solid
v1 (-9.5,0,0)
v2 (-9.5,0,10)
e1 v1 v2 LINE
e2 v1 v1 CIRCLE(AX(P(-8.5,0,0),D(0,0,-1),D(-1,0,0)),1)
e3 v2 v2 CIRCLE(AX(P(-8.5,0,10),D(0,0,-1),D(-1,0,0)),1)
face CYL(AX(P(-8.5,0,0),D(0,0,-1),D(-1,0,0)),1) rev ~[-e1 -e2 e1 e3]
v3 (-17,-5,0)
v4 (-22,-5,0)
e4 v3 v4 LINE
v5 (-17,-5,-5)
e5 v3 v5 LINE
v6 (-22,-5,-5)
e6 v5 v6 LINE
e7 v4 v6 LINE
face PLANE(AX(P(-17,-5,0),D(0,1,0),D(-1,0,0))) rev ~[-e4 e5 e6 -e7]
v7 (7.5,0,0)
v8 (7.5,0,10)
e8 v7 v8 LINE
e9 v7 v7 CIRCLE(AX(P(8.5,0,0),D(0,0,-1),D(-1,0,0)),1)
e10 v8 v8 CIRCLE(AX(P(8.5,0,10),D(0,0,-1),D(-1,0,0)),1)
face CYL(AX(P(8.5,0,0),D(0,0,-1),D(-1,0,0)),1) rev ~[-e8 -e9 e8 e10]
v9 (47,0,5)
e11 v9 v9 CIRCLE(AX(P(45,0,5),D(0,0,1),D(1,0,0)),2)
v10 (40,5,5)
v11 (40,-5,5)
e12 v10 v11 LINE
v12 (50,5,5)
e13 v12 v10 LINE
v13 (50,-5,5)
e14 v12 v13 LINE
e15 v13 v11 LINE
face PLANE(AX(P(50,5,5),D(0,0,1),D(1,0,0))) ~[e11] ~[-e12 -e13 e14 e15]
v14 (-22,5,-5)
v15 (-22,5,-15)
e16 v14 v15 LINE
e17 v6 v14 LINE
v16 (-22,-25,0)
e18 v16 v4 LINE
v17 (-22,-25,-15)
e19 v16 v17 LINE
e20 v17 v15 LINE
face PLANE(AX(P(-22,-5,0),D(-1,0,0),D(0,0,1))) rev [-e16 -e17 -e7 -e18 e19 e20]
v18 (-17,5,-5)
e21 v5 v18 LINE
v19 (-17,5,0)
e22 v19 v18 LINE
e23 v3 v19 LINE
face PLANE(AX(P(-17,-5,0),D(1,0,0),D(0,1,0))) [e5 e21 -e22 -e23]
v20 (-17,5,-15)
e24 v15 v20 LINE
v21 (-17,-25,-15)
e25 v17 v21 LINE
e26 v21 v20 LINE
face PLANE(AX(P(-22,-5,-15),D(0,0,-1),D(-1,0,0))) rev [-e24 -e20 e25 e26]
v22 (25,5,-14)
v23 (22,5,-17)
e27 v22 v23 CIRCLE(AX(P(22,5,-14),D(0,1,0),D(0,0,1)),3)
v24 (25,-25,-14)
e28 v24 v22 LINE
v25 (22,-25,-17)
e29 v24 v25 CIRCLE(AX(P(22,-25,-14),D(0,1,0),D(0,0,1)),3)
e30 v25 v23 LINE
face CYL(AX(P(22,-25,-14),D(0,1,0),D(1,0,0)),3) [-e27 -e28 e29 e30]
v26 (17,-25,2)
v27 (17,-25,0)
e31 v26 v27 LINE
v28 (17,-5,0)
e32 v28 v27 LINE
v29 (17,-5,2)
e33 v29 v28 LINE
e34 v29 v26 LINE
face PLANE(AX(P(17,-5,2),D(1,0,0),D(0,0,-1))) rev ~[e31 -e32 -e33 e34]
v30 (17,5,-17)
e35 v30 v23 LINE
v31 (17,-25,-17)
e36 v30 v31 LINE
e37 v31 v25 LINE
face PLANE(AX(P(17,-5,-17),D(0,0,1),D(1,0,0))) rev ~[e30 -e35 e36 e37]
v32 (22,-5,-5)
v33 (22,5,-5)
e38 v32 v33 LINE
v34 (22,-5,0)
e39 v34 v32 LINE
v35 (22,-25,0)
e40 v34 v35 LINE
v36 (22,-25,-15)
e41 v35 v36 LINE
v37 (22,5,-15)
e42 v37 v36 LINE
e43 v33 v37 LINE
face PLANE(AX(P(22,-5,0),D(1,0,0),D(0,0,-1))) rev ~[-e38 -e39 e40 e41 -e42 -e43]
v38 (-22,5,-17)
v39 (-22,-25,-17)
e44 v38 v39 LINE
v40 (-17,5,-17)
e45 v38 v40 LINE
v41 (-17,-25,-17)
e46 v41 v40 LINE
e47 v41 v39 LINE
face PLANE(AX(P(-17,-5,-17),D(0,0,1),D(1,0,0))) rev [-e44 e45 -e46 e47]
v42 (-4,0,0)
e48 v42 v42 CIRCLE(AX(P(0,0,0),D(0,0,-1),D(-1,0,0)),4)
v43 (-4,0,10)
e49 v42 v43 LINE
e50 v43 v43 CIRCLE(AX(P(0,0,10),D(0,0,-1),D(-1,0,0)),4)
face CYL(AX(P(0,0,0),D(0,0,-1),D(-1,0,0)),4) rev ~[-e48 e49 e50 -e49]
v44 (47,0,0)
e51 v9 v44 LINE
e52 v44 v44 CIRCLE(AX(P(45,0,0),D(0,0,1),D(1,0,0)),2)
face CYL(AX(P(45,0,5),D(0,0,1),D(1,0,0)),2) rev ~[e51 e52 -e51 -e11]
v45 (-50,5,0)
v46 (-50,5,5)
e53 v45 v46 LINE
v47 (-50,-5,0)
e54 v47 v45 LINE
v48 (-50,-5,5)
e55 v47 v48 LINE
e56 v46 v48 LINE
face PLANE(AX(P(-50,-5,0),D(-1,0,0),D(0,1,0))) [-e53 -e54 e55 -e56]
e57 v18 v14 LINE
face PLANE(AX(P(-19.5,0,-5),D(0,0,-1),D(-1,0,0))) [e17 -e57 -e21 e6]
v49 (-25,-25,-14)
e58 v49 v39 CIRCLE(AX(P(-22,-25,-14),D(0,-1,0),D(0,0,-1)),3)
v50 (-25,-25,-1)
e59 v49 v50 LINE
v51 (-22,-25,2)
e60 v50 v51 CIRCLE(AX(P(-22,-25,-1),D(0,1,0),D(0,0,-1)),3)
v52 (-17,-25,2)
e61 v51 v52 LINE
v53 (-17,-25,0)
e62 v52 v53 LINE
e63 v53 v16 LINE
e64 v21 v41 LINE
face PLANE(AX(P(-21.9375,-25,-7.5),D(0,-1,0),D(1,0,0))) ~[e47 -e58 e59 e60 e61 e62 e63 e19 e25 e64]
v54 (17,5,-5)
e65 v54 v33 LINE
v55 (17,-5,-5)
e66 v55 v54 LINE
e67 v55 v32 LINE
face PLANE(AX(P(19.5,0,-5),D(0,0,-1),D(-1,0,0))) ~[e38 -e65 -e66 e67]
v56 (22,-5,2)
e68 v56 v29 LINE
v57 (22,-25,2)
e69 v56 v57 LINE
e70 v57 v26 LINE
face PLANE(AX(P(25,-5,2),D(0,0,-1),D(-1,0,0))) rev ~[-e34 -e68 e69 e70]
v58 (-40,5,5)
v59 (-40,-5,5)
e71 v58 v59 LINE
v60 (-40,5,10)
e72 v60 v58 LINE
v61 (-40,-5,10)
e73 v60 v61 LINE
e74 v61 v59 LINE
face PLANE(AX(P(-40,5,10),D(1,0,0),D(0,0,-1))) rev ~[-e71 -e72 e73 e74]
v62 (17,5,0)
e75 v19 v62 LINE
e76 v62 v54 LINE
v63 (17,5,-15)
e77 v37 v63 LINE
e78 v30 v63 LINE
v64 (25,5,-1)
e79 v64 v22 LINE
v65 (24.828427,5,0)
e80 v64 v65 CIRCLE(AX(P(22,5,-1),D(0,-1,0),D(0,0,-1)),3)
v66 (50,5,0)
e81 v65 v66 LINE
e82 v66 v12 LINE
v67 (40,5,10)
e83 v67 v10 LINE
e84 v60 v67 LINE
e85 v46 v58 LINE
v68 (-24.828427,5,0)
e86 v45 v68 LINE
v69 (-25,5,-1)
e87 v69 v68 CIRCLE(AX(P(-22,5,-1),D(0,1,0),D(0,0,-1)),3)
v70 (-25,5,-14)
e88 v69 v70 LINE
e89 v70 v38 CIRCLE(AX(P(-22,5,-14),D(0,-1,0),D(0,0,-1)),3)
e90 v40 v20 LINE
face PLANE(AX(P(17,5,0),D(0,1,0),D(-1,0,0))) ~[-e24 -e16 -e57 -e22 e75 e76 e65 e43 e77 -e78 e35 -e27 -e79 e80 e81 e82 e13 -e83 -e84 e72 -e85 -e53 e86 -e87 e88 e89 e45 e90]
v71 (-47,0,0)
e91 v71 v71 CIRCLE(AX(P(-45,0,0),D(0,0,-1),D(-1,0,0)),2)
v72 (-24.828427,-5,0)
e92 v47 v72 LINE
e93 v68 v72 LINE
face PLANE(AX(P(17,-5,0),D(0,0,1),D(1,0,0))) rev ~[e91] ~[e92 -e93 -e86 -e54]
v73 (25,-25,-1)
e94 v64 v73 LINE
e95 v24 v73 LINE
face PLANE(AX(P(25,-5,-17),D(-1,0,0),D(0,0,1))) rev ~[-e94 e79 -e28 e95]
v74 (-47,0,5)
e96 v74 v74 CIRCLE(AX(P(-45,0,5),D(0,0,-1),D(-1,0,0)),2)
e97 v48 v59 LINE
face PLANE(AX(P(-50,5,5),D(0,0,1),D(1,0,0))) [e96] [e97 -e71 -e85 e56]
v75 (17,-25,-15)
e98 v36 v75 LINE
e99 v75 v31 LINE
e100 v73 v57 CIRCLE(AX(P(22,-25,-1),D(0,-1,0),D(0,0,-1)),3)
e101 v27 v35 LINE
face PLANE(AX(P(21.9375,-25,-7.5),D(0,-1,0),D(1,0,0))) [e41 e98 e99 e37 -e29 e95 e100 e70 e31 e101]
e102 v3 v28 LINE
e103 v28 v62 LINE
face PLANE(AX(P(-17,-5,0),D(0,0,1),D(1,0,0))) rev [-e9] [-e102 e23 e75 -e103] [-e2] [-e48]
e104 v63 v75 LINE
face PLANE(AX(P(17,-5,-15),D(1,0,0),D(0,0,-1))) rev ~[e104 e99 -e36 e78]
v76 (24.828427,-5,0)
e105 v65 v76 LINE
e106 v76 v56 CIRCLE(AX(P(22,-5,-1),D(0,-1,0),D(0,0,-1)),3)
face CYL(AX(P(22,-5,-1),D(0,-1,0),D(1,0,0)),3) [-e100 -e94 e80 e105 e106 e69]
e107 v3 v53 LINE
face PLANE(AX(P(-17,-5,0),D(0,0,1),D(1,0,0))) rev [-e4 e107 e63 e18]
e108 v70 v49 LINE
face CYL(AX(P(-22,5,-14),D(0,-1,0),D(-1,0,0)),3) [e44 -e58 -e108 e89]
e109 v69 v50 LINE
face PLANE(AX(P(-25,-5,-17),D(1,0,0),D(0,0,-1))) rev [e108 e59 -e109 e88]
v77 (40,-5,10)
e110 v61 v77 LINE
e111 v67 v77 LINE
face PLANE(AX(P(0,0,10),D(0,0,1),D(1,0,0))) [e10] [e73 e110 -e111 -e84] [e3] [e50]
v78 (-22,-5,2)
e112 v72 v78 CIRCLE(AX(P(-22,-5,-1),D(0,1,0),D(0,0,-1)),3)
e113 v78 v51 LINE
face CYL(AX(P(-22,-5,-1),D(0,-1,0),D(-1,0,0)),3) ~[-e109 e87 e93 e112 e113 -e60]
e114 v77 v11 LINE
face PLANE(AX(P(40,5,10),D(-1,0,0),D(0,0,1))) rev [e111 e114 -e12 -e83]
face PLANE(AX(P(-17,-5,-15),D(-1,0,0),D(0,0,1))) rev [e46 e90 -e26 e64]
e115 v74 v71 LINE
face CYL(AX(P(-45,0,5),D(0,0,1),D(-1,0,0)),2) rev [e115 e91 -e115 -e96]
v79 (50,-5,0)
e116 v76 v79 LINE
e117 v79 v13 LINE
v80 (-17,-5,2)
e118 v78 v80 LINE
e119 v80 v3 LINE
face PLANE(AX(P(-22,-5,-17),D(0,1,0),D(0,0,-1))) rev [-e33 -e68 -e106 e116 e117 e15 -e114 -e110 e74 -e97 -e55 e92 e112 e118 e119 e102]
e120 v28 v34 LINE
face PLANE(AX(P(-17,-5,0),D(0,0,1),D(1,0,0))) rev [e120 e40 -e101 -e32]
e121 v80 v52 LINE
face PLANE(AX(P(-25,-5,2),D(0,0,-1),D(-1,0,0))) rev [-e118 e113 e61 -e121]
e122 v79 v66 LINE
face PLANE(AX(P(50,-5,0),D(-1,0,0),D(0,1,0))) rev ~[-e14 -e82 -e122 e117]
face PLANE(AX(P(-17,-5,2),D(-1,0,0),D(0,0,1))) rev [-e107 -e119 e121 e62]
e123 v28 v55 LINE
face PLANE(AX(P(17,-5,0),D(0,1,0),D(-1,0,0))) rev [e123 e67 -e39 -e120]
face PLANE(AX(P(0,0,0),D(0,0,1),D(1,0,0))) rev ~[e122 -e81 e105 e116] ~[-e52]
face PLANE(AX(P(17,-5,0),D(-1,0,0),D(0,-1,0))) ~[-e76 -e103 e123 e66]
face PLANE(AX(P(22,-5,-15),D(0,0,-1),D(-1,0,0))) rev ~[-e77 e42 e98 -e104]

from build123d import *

# Parameters (mm, degrees)
SKETCH1_W           = 100
SKETCH1_H           = 10
BOSS_EXTRUDE1_DEPTH = 10
SKETCH6_W           = 3
SKETCH6_H           = 10
BOSS_EXTRUDE2_DEPTH = 17
SKETCH8_W           = 2
SKETCH8_H           = 10
BOSS_EXTRUDE3_DEPTH = 5
BOSS_EXTRUDE4_DEPTH = 20
SKETCH2_W           = 10
SKETCH2_H           = 5
CUT_EXTRUDE1_DEPTH  = 10
CUT_EXTRUDE2_REACH  = 62.075
SKETCH10_R          = 2
SKETCH13_R          = 4
SKETCH13_R_2        = 1
CUT_EXTRUDE3_DEPTH  = 59.429444632
FILLET1_R           = 3
FILLET2_R           = 3
SKETCH14_W          = 5
SKETCH14_H          = 10
BOSS_EXTRUDE5_DEPTH = 5


with BuildPart() as part:
    # Sketch1 → Boss-Extrude1 (new body)
    with BuildSketch(Plane.XY):
        Rectangle(SKETCH1_W, SKETCH1_H)
    extrude(amount=BOSS_EXTRUDE1_DEPTH)

    # Sketch6 → Boss-Extrude2 (add)
    with BuildSketch(Plane(origin=(0, 0, 0), x_dir=(-1, 0, 0), z_dir=(0, 0, -1))):
        with Locations((-23.5, 0)):
            Rectangle(SKETCH6_W, SKETCH6_H)
    boss_extrude2 = extrude(amount=BOSS_EXTRUDE2_DEPTH)

    # Sketch8 → Boss-Extrude3 (add)
    with BuildSketch(Plane.ZY.offset(-22)):
        with Locations((-16, 0)):
            Rectangle(SKETCH8_W, SKETCH8_H)
    boss_extrude3 = extrude(amount=BOSS_EXTRUDE3_DEPTH)

    # Sketch9 → Boss-Extrude4 (add)
    with BuildSketch(Plane.XZ.offset(5)):
        Polygon((17, 2), (17, 0), (22, 0), (22, -15), (17, -15), (17, -17), (25, -17), (25, 0), (25, 2), align=None)
    boss_extrude4 = extrude(amount=BOSS_EXTRUDE4_DEPTH)

    # Mirror3: Boss-Extrude2, Boss-Extrude3, Boss-Extrude4 across plane
    add(boss_extrude2.mirror(Plane(origin=(0, 0, 0), x_dir=(0, 0, 1), z_dir=(1, 0, 0))))
    add(boss_extrude3.mirror(Plane(origin=(0, 0, 0), x_dir=(0, 0, 1), z_dir=(1, 0, 0))))
    add(boss_extrude4.mirror(Plane(origin=(0, 0, 0), x_dir=(0, 0, 1), z_dir=(1, 0, 0))))

    # Sketch2 → Cut-Extrude1 (cut)
    with BuildSketch(Plane(origin=(0, 5, 0), x_dir=(1, 0, 0), z_dir=(0, 1, 0))):
        with Locations((-45, -7.5)):
            Rectangle(SKETCH2_W, SKETCH2_H)
    cut_extrude1 = extrude(amount=-CUT_EXTRUDE1_DEPTH, mode=Mode.SUBTRACT)

    # Mirror4: Cut-Extrude1 across plane
    add(cut_extrude1.mirror(Plane(origin=(0, 0, 0), x_dir=(0, 0, 1), z_dir=(1, 0, 0))), mode=Mode.SUBTRACT)

    # Sketch10 → Cut-Extrude2 (cut, up to next)
    with BuildSketch(Plane.XY.offset(5), mode=Mode.PRIVATE) as cut_extrude2_sk1:
        with Locations((45, 0)):
            Circle(SKETCH10_R)
    cut_extrude2_tool1 = extrude(cut_extrude2_sk1.sketch, amount=-CUT_EXTRUDE2_REACH, mode=Mode.PRIVATE) & part.part
    cut_extrude2 = cut_extrude2_tool1.solids().sort_by_distance((45, 0, 5))[0]
    add(cut_extrude2, mode=Mode.SUBTRACT)

    # Mirror5: Cut-Extrude2 across plane
    add(cut_extrude2.mirror(Plane(origin=(0, 0, 0), x_dir=(0, 0, 1), z_dir=(1, 0, 0))), mode=Mode.SUBTRACT)

    # Sketch13 → Cut-Extrude3 (cut, through all)
    with BuildSketch(Plane(origin=(0, 0, 0), x_dir=(-1, 0, 0), z_dir=(0, 0, -1))):
        Circle(SKETCH13_R)
        with Locations((-8.5, 0)):
            Circle(SKETCH13_R_2)
        with Locations((8.5, 0)):
            Circle(SKETCH13_R_2)
    extrude(amount=-CUT_EXTRUDE3_DEPTH, mode=Mode.SUBTRACT)

    # Fillet1
    fillet1_edges = [part.edges().sort_by_distance(p)[0] for p in [
        (25, -10, -17),
        (-25, -10, -17),
    ]]
    fillet(fillet1_edges, radius=FILLET1_R)

    # Fillet2
    fillet2_edges = [part.edges().sort_by_distance(p)[0] for p in [
        (-25, -15, 2),
        (25, -15, 2),
    ]]
    fillet(fillet2_edges, radius=FILLET2_R)

    # Sketch14 → Boss-Extrude5 (add)
    with BuildSketch(Plane(origin=(0, 0, 0), x_dir=(-1, 0, 0), z_dir=(0, 0, -1))):
        with Locations((19.5, 0)):
            Rectangle(SKETCH14_W, SKETCH14_H)
    boss_extrude5 = extrude(amount=BOSS_EXTRUDE5_DEPTH)

    # Mirror6: Boss-Extrude5 across plane
    add(boss_extrude5.mirror(Plane(origin=(0, 0, 0), x_dir=(0, 0, 1), z_dir=(1, 0, 0))))


solid = part.part
